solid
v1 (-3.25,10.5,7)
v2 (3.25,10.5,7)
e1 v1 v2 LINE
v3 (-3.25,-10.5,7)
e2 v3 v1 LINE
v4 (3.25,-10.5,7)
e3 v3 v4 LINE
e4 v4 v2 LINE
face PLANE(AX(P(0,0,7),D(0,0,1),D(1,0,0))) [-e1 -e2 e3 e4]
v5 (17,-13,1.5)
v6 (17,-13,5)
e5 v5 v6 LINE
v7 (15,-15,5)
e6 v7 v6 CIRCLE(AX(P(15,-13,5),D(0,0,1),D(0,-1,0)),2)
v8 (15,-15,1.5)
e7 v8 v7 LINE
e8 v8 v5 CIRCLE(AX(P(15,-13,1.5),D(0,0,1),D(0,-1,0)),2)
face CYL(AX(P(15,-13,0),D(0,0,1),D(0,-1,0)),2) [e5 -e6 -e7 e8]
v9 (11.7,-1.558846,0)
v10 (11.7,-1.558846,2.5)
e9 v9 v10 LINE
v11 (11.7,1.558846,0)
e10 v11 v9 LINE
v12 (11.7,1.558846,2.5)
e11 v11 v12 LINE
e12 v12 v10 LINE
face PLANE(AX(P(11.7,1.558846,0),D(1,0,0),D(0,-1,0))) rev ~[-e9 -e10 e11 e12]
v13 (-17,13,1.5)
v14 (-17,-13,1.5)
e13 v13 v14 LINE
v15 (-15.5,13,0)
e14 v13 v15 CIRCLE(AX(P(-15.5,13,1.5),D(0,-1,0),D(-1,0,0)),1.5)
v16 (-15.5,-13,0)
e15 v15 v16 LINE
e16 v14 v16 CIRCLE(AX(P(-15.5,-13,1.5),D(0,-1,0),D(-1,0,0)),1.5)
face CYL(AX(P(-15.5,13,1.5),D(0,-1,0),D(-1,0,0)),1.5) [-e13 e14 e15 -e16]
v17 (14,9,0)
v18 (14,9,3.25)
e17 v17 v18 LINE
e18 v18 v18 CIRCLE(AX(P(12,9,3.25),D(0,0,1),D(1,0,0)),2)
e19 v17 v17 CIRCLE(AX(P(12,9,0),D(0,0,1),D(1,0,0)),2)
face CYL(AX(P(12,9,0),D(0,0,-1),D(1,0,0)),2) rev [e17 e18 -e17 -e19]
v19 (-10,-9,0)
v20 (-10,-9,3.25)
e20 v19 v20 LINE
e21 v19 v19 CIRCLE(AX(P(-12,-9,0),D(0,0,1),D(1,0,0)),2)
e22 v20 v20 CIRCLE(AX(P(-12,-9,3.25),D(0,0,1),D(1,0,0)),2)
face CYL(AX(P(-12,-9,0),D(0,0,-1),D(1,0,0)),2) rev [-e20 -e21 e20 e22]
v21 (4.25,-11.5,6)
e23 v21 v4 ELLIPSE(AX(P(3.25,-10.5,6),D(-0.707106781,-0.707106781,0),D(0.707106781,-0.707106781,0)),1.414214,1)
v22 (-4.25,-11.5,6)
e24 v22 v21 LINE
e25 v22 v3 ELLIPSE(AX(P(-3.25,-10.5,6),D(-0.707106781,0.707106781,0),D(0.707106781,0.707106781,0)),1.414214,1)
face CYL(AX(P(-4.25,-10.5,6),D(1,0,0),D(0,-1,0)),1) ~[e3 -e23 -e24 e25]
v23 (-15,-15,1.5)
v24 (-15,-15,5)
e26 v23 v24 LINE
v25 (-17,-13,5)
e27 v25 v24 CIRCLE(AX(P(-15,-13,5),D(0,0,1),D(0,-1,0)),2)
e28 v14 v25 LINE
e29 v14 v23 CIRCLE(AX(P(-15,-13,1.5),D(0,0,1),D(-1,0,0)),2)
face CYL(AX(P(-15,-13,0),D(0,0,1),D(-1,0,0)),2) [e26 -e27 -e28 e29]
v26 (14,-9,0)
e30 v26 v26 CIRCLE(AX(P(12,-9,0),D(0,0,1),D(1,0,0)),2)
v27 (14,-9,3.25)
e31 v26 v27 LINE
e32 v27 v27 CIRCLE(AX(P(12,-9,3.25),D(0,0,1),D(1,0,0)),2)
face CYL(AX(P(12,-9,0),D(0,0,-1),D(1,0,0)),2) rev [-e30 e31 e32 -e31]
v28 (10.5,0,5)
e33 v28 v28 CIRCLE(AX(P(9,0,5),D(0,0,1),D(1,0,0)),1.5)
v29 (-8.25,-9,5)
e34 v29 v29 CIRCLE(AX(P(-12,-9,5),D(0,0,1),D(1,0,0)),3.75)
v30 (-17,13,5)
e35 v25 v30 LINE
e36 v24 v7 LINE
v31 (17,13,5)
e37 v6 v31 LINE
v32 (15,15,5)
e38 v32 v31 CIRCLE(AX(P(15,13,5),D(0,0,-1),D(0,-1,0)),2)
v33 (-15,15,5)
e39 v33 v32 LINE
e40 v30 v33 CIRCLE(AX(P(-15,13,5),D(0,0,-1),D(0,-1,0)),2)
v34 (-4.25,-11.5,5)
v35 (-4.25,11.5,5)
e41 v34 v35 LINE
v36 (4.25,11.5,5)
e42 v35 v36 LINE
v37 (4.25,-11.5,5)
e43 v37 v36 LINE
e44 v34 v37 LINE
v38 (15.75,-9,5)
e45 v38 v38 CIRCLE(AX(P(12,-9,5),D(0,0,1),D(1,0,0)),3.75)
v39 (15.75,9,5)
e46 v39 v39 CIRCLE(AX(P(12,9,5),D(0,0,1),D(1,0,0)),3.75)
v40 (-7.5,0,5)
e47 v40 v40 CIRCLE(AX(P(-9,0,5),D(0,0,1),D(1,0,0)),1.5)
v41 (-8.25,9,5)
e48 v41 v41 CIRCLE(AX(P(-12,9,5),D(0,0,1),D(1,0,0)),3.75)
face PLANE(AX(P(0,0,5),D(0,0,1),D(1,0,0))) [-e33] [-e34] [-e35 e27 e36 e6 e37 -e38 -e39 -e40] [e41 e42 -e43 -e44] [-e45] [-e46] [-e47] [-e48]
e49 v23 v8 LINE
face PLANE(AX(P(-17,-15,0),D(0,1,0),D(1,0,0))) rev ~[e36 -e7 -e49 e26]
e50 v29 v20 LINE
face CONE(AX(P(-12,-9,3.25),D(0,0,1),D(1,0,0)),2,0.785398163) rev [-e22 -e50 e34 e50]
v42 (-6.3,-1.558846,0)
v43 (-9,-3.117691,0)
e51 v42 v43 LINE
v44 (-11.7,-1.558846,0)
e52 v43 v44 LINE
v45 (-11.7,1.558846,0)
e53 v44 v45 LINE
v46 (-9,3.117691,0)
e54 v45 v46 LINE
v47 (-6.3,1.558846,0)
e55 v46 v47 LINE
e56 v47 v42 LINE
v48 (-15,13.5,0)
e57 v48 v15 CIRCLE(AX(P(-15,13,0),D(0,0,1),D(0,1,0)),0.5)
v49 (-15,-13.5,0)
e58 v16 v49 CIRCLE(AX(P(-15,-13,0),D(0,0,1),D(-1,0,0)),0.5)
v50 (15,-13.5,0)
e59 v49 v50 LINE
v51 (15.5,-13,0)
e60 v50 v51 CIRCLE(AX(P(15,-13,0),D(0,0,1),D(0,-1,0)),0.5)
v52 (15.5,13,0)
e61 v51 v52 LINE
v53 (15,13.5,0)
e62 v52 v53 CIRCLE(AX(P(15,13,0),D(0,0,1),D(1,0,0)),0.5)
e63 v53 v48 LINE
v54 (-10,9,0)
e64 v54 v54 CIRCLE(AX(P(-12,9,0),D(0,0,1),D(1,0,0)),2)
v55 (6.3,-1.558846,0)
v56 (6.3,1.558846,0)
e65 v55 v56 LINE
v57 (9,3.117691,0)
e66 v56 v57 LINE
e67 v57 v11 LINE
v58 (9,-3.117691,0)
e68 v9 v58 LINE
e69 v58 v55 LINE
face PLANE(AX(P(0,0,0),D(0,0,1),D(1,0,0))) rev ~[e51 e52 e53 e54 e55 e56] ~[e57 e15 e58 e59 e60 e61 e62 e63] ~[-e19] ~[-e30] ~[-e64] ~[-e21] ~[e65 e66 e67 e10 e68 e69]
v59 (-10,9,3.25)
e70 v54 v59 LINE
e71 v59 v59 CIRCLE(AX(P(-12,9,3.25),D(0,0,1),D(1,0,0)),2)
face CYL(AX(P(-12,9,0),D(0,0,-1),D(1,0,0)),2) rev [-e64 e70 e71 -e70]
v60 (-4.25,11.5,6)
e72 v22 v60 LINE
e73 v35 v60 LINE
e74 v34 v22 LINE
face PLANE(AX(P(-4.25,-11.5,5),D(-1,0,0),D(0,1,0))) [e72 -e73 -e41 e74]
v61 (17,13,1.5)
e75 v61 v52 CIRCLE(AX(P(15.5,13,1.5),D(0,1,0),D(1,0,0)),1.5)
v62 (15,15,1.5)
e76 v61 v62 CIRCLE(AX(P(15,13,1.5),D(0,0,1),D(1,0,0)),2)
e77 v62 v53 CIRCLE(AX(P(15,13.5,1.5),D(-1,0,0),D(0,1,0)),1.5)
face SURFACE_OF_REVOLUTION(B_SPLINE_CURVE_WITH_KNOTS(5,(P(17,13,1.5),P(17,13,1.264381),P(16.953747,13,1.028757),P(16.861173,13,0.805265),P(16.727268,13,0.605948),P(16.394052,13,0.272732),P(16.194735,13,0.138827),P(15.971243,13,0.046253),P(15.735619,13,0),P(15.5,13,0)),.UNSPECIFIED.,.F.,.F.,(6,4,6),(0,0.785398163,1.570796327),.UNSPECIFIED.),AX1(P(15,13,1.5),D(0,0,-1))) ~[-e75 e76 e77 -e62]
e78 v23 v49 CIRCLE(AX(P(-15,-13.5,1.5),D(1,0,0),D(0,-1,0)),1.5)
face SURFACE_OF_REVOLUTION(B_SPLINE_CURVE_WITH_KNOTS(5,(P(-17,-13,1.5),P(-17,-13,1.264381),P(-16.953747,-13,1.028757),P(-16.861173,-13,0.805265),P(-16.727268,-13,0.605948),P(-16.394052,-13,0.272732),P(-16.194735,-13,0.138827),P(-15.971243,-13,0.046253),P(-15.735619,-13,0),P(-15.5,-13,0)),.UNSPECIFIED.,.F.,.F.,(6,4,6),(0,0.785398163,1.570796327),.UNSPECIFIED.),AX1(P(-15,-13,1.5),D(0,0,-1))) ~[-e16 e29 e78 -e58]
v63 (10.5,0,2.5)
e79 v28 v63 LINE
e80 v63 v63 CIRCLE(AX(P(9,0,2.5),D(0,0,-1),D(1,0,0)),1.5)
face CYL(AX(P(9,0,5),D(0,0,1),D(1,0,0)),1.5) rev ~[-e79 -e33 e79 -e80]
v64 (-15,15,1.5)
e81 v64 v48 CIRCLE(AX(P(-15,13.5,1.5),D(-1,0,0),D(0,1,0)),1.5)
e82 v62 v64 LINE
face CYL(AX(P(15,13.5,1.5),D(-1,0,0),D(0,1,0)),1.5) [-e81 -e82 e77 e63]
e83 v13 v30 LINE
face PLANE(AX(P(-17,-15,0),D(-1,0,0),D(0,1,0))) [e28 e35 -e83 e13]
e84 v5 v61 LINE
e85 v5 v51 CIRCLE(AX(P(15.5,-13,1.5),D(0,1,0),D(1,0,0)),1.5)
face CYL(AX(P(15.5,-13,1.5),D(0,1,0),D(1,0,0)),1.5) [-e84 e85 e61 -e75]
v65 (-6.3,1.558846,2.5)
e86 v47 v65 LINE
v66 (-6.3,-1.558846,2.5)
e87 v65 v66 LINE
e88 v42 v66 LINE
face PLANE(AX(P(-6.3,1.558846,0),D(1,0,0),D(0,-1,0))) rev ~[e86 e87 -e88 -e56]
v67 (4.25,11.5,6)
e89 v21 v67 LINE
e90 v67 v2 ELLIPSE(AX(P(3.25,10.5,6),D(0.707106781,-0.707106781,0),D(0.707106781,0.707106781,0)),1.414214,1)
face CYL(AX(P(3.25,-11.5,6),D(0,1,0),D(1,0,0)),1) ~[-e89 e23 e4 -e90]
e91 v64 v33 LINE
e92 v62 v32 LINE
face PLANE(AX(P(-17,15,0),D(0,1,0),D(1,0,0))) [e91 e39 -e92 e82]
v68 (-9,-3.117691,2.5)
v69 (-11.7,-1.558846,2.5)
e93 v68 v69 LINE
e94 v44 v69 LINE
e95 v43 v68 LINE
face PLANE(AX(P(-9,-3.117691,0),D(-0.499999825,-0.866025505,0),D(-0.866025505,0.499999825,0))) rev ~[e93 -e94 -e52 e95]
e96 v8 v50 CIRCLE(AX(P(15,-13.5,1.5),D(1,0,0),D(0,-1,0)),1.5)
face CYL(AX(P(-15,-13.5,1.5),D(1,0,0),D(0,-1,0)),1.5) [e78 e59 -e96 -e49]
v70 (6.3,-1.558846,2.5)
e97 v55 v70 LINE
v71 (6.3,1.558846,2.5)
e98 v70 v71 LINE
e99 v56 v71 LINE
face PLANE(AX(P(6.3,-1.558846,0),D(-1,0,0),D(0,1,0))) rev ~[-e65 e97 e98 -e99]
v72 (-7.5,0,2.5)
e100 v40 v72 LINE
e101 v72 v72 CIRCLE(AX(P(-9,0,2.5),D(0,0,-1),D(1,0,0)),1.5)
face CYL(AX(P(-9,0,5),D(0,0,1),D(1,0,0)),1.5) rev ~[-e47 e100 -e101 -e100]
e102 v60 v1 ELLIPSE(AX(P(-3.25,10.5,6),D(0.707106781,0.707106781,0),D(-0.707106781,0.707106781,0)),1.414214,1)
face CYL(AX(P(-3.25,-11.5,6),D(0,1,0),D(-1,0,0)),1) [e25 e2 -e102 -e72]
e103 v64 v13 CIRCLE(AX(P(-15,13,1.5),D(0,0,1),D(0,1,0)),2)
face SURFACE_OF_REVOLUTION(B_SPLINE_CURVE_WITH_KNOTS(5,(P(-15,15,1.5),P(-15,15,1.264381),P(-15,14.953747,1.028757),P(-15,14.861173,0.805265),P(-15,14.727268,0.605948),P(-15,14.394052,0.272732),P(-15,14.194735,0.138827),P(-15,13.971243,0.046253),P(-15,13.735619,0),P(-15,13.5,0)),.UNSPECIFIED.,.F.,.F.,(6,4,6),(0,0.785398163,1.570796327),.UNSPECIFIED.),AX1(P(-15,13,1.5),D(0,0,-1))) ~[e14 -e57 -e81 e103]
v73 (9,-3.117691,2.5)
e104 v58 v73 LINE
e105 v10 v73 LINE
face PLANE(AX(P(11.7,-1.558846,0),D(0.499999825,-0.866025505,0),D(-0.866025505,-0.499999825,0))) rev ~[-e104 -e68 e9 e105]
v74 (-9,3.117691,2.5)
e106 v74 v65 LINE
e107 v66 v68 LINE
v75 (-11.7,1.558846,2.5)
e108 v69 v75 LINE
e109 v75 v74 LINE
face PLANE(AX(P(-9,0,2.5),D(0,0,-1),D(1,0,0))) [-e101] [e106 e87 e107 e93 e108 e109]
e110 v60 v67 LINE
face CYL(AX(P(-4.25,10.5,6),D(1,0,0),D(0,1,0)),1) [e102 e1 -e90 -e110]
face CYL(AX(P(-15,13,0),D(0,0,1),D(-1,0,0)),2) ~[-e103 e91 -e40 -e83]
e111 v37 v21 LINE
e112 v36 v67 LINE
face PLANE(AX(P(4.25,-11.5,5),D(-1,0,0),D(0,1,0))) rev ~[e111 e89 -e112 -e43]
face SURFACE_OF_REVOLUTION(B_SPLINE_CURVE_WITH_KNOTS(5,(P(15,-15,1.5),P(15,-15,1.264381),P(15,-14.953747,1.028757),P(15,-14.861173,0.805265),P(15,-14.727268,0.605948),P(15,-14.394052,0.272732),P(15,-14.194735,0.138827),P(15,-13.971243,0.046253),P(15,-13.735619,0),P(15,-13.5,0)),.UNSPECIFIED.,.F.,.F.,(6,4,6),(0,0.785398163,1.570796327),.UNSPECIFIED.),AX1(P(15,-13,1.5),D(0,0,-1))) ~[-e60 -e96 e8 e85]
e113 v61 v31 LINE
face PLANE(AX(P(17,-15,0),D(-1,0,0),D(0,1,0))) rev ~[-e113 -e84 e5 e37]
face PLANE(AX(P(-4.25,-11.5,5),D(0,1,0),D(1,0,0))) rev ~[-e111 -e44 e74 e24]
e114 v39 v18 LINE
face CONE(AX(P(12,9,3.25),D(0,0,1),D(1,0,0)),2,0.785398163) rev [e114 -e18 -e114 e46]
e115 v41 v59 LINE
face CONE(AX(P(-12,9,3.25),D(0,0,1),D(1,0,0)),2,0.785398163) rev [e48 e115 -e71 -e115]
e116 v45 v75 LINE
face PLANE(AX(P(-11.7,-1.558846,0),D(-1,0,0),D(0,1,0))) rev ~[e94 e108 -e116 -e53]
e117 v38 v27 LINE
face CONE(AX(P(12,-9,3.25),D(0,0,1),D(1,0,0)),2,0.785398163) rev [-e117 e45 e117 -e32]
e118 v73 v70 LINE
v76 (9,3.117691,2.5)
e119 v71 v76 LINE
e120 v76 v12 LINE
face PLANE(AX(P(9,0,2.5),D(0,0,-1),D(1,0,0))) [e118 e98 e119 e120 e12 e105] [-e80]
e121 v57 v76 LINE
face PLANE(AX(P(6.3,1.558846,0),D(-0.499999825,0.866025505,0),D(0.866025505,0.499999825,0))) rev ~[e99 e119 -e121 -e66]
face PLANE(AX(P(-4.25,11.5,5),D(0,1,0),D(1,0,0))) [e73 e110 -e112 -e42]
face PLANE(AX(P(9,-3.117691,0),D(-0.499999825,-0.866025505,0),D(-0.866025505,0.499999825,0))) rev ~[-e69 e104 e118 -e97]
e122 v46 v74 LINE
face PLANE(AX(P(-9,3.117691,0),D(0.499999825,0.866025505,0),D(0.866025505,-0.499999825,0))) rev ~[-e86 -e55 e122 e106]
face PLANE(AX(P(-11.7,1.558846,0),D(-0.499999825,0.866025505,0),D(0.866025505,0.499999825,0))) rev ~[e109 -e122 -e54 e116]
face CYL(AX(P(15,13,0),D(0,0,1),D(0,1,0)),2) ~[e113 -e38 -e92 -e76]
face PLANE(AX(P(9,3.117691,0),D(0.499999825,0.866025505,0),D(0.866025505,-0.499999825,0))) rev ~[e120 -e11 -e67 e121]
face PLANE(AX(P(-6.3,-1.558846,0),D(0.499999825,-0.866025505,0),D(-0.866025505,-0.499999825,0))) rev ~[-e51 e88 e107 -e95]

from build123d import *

# Parameters (mm, degrees)
F0_W      = 34
F0_H      = 30
F0_R      = 2
F1_DEPTH  = 5
F2_R      = 1.5
F3_DEPTH  = 5
F4_SIZE   = 1.75
F5_R      = 1.5
F6_DEPTH  = 2.5
F8_R      = 2
F9_R      = 1.5
F10_W     = 8.5
F10_H     = 23
F11_DEPTH = 2
F12_R     = 1


with BuildPart() as f1:
    # F0 (on Top) → F1 (new body)
    with BuildSketch(Plane.XY):
        Rectangle(F0_W, F0_H)
        with Locations((-12, -9)):
            Circle(F0_R, mode=Mode.SUBTRACT)
        with Locations((12, -9)):
            Circle(F0_R, mode=Mode.SUBTRACT)
        with Locations((-12, 9)):
            Circle(F0_R, mode=Mode.SUBTRACT)
        with Locations((12, 9)):
            Circle(F0_R, mode=Mode.SUBTRACT)
    extrude(amount=F1_DEPTH)

    # F2 (on face) → F3 (cut, through all)
    with BuildSketch(Plane.XY.offset(5)):
        with Locations((9, 0)):
            Circle(F2_R)
        with Locations((-9, 0)):
            Circle(F2_R)
    extrude(amount=-F3_DEPTH, mode=Mode.SUBTRACT)

    # F4
    f4_edges = [f1.edges().sort_by_distance(p)[0] for p in [
        (-14, -9, 5),
        (-14, 9, 5),
        (10, 9, 5),
        (10, -9, 5),
    ]]
    chamfer(f4_edges, length=F4_SIZE)

    # F5 (on face) → F6 (cut)
    with BuildSketch(Plane(origin=(0, 0, 0), x_dir=(1, 0, 0), z_dir=(0, 0, -1))):
        Polygon((-6.3, -1.558846), (-6.3, 1.558846), (-9, 3.117691), (-11.7, 1.558846), (-11.7, -1.558846), (-9, -3.117691), align=None)
        with Locations((-9, 0)):
            Circle(F5_R, mode=Mode.SUBTRACT)
        Polygon((6.3, 1.558846), (6.3, -1.558846), (9, -3.117691), (11.7, -1.558846), (11.7, 1.558846), (9, 3.117691), align=None)
        with Locations((9, 0)):
            Circle(F5_R, mode=Mode.SUBTRACT)
    extrude(amount=-F6_DEPTH, mode=Mode.SUBTRACT)

    # F8
    f8_edges = [f1.edges().sort_by_distance(p)[0] for p in [
        (17, -15, 2.5),
        (17, 15, 2.5),
        (-17, -15, 2.5),
        (-17, 15, 2.5),
    ]]
    fillet(f8_edges, radius=F8_R)

    # F9
    f9_edges = [f1.edges().sort_by_distance(p)[0] for p in [
        (0, -15, 0),
    ]]
    fillet(f9_edges, radius=F9_R)

    # F10 (on face) → F11 (join)
    with BuildSketch(Plane.XY.offset(5)):
        Rectangle(F10_W, F10_H)
    extrude(amount=F11_DEPTH)

    # F12
    f12_edges = [f1.edges().sort_by_distance(p)[0] for p in [
        (0, -11.5, 7),
        (4.25, 0, 7),
        (-4.25, 0, 7),
        (0, 11.5, 7),
    ]]
    fillet(f12_edges, radius=F12_R)


solid = f1.part
